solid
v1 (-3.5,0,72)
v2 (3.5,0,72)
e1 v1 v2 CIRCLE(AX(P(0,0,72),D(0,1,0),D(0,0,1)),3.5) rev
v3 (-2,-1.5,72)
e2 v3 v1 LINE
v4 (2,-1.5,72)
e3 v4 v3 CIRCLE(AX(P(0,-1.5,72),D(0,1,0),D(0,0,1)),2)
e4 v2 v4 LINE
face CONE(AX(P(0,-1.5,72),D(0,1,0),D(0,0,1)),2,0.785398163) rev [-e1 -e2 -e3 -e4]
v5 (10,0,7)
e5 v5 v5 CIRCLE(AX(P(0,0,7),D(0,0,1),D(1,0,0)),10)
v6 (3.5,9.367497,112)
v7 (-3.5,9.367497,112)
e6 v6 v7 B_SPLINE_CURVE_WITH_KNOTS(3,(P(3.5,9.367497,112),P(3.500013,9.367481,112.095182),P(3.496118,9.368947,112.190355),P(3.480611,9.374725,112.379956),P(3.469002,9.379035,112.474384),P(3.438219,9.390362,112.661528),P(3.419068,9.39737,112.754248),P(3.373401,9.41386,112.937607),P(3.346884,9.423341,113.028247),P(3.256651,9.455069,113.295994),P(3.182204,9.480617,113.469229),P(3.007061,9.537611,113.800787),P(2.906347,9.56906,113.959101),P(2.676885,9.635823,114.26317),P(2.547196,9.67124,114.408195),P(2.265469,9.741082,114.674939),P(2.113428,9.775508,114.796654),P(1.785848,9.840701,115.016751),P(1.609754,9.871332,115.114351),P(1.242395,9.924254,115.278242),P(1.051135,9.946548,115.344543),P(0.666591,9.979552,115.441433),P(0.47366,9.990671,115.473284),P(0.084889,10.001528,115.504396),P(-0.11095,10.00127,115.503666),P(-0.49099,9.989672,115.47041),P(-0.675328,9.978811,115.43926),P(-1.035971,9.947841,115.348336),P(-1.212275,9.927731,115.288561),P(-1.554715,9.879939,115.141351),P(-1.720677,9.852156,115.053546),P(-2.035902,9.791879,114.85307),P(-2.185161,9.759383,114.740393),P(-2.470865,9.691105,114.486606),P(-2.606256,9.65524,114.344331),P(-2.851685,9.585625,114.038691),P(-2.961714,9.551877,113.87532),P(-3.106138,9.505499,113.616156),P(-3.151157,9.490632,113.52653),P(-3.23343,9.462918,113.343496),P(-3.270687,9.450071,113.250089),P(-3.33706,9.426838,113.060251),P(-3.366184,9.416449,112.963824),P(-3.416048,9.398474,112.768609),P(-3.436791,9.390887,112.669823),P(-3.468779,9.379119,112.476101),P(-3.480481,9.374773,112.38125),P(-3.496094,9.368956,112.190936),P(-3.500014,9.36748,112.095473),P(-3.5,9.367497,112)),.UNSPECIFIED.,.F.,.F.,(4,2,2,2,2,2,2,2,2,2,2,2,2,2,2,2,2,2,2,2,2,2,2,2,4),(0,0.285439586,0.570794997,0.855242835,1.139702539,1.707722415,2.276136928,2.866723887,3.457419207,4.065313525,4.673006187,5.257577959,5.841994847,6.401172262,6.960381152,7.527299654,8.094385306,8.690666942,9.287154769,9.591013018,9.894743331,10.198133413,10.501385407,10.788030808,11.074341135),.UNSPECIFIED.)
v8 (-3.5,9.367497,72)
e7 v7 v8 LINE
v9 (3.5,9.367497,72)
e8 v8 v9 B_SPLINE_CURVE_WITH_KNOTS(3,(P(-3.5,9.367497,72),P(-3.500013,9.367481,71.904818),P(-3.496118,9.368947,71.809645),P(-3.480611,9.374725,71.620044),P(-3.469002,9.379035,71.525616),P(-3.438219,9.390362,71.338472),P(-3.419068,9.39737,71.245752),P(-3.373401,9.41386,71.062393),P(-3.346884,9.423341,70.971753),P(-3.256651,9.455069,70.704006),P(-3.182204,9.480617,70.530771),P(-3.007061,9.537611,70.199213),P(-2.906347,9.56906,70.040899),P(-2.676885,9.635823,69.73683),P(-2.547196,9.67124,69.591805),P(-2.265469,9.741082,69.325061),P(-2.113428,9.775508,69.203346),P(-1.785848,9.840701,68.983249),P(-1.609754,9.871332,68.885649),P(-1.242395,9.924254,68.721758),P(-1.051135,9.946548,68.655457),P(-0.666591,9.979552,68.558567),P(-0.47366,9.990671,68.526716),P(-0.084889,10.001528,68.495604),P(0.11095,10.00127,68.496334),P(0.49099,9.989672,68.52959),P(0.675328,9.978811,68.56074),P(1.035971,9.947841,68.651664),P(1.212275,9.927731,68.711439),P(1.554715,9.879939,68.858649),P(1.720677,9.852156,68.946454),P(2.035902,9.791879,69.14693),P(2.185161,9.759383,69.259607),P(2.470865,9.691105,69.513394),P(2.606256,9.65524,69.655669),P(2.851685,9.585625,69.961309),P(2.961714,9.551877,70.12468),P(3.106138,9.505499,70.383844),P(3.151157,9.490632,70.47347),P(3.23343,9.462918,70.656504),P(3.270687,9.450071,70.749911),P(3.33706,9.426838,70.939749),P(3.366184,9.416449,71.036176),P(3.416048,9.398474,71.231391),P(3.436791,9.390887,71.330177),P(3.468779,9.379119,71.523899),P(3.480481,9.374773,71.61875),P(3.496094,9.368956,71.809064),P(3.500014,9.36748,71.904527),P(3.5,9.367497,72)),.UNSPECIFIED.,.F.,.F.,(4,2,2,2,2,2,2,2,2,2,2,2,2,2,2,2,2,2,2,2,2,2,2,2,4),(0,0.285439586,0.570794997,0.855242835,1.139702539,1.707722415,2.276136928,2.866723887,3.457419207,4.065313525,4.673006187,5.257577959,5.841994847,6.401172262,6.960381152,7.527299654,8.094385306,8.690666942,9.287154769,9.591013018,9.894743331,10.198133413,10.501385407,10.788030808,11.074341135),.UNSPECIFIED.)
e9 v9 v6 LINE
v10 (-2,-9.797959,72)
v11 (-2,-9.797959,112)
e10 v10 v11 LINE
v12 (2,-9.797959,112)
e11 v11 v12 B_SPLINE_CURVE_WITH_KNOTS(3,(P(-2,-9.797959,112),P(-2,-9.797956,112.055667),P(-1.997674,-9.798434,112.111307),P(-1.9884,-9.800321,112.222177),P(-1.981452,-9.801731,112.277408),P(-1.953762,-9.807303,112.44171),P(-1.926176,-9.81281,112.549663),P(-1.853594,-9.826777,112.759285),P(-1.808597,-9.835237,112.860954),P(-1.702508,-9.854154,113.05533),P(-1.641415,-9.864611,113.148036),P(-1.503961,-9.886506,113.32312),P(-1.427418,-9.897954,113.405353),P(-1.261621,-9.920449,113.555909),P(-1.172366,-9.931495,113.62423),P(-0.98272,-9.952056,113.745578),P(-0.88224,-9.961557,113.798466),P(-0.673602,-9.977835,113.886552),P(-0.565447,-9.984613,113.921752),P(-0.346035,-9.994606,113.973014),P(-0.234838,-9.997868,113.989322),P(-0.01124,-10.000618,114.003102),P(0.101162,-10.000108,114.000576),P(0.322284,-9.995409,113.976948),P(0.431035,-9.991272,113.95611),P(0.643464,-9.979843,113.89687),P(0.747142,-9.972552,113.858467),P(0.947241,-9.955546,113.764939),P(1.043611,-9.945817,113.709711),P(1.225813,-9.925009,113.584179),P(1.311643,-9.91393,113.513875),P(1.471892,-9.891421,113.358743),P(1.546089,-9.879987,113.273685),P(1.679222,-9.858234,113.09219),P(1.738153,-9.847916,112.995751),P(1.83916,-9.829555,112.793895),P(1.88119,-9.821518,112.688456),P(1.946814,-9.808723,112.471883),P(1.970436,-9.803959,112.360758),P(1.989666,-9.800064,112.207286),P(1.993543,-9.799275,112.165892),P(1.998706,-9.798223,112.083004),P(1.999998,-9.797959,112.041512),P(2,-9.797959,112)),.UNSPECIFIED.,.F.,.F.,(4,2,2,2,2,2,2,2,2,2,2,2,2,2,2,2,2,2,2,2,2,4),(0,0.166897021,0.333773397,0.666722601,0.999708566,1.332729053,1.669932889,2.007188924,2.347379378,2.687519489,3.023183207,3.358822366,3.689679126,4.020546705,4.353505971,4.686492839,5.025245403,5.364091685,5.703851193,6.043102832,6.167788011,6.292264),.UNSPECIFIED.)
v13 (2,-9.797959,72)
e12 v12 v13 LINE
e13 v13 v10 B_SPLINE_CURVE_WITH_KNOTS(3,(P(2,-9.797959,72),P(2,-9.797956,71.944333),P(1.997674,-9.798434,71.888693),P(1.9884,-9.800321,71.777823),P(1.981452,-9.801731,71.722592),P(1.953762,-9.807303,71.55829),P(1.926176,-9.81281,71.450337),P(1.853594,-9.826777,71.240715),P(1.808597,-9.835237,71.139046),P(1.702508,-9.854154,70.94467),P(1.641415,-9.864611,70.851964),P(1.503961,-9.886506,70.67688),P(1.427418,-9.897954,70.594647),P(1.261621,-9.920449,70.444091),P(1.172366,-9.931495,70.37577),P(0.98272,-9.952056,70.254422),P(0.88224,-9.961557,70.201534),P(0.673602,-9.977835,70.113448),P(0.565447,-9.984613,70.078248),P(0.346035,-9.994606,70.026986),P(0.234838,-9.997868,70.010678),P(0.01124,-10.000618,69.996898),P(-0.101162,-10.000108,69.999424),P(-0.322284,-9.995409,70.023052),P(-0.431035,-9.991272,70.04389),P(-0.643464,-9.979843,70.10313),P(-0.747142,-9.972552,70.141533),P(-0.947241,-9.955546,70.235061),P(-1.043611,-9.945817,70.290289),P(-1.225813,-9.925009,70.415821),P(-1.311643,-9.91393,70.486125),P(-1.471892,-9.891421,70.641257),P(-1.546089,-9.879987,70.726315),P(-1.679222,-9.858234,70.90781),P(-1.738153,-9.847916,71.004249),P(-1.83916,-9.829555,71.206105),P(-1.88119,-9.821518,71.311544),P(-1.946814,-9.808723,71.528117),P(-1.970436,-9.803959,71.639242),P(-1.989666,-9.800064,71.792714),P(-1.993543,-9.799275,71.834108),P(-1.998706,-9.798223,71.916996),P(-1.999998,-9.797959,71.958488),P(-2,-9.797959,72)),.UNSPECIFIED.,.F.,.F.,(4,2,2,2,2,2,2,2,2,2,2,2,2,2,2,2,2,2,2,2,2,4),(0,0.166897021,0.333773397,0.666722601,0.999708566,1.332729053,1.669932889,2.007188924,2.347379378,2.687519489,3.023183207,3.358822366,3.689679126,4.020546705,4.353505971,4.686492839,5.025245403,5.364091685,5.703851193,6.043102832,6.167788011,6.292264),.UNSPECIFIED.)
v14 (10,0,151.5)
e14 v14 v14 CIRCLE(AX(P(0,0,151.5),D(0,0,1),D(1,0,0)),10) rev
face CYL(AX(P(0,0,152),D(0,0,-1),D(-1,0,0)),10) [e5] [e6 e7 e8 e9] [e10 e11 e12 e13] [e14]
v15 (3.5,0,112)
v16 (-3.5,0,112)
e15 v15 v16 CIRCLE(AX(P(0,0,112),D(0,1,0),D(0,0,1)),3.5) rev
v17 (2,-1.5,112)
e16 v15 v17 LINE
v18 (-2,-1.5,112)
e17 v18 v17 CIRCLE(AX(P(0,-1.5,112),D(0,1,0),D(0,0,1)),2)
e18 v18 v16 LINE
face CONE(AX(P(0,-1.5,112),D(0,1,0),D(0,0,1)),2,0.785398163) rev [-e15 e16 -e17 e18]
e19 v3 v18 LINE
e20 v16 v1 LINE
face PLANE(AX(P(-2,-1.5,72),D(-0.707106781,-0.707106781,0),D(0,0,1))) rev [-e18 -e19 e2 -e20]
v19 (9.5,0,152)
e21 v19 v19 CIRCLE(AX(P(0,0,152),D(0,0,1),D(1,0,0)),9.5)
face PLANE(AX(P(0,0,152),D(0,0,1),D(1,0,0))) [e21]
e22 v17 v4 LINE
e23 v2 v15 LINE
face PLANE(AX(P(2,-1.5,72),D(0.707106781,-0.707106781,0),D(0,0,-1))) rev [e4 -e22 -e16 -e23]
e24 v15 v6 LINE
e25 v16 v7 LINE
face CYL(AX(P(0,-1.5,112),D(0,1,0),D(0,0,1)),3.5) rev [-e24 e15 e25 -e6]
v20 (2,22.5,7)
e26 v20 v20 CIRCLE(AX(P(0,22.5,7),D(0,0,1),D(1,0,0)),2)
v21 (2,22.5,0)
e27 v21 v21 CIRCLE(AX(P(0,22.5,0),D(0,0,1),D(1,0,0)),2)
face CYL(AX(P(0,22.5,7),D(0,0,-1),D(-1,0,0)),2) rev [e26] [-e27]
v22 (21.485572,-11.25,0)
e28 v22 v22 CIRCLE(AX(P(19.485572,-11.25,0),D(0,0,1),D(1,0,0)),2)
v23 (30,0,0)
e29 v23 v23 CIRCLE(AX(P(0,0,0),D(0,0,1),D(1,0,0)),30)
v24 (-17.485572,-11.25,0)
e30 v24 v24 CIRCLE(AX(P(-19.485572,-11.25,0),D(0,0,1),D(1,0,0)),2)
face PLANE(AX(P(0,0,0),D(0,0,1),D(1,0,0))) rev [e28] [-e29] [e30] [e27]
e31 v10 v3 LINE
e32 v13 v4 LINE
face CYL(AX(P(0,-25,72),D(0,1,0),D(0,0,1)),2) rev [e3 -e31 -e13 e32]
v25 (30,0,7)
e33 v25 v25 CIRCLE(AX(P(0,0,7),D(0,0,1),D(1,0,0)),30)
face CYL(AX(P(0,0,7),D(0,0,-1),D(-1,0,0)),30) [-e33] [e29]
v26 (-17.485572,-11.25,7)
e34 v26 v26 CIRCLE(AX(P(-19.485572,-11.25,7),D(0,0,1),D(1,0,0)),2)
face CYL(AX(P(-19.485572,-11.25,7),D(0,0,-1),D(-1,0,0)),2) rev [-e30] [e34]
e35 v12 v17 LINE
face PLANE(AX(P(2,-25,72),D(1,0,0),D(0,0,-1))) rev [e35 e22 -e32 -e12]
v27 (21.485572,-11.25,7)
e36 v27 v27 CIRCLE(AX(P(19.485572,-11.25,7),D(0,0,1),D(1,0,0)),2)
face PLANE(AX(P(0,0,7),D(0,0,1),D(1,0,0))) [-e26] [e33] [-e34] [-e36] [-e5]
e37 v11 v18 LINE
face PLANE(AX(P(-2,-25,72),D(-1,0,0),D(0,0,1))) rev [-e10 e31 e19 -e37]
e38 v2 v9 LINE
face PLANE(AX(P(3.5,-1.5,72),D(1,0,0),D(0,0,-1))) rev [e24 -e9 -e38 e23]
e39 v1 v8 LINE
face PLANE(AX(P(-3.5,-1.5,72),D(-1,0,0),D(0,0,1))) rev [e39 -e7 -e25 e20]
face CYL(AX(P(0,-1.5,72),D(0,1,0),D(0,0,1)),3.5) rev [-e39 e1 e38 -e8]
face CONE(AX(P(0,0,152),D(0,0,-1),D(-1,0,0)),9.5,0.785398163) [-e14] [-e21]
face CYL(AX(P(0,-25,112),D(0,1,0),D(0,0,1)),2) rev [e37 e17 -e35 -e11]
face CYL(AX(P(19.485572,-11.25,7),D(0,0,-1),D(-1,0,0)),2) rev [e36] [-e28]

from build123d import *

# Parameters (mm, degrees)
SKETCH1_R               = 30
SKETCH1_R_2             = 2
BOSS_EXTRUDE1_DEPTH     = 7
SKETCH2_R               = 10
BOSS_EXTRUDE2_DEPTH     = 145
CUT_EXTRUDE1_DEPTH      = 25
CUT_EXTRUDE1_DEPTH_BACK = 1.5
CHAMFER2_SIZE           = 1.5
CUT_EXTRUDE2_DEPTH      = 25
CHAMFER1_SIZE           = 0.5


with BuildPart() as part:
    # Sketch1 → Boss-Extrude1 (new body)
    with BuildSketch(Plane.XY):
        Circle(SKETCH1_R)
        with Locations((0, 22.5)):
            Circle(SKETCH1_R_2, mode=Mode.SUBTRACT)
        with Locations((19.485571585, -11.25)):
            Circle(SKETCH1_R_2, mode=Mode.SUBTRACT)
        with Locations((-19.485571585, -11.25)):
            Circle(SKETCH1_R_2, mode=Mode.SUBTRACT)
    extrude(amount=BOSS_EXTRUDE1_DEPTH)

    # Sketch2 → Boss-Extrude2 (add)
    with BuildSketch(Plane.XY.offset(7)):
        Circle(SKETCH2_R)
    extrude(amount=BOSS_EXTRUDE2_DEPTH)

    # Sketch3 → Cut-Extrude1 (cut, two sides)
    with BuildSketch(Plane(origin=(0, 0, 0), x_dir=(1, 0, 0), z_dir=(0, 1, 0))) as cut_extrude1_sk:
        with BuildLine():
            Line((3.5, -72), (3.5, -112))
            ThreePointArc((3.5, -112), (0, -115.5), (-3.5, -112))
            Line((-3.5, -112), (-3.5, -72))
            ThreePointArc((-3.5, -72), (0, -68.5), (3.5, -72))
        make_face()
    extrude(amount=CUT_EXTRUDE1_DEPTH, mode=Mode.SUBTRACT)
    extrude(cut_extrude1_sk.sketch, amount=-CUT_EXTRUDE1_DEPTH_BACK, mode=Mode.SUBTRACT)

    # Chamfer2
    chamfer2_edges = [part.edges().sort_by_distance(p)[0] for p in [
        (0, -1.5, 68.5),
        (3.5, -1.5, 92),
        (0, -1.5, 115.5),
        (-3.5, -1.5, 92),
    ]]
    chamfer(chamfer2_edges, length=CHAMFER2_SIZE)

    # Sketch4 → Cut-Extrude2 (cut)
    with BuildSketch(Plane(origin=(0, 0, 0), x_dir=(1, 0, 0), z_dir=(0, 1, 0))):
        with BuildLine():
            Line((2, -72), (2, -112))
            ThreePointArc((2, -112), (0, -114), (-2, -112))
            Line((-2, -112), (-2, -72))
            ThreePointArc((-2, -72), (0, -70), (2, -72))
        make_face()
    extrude(amount=-CUT_EXTRUDE2_DEPTH, mode=Mode.SUBTRACT)

    # Chamfer1
    chamfer1_edges = [part.edges().sort_by_distance(p)[0] for p in [
        (-10, 0, 152),
    ]]
    chamfer(chamfer1_edges, length=CHAMFER1_SIZE)


solid = part.part
